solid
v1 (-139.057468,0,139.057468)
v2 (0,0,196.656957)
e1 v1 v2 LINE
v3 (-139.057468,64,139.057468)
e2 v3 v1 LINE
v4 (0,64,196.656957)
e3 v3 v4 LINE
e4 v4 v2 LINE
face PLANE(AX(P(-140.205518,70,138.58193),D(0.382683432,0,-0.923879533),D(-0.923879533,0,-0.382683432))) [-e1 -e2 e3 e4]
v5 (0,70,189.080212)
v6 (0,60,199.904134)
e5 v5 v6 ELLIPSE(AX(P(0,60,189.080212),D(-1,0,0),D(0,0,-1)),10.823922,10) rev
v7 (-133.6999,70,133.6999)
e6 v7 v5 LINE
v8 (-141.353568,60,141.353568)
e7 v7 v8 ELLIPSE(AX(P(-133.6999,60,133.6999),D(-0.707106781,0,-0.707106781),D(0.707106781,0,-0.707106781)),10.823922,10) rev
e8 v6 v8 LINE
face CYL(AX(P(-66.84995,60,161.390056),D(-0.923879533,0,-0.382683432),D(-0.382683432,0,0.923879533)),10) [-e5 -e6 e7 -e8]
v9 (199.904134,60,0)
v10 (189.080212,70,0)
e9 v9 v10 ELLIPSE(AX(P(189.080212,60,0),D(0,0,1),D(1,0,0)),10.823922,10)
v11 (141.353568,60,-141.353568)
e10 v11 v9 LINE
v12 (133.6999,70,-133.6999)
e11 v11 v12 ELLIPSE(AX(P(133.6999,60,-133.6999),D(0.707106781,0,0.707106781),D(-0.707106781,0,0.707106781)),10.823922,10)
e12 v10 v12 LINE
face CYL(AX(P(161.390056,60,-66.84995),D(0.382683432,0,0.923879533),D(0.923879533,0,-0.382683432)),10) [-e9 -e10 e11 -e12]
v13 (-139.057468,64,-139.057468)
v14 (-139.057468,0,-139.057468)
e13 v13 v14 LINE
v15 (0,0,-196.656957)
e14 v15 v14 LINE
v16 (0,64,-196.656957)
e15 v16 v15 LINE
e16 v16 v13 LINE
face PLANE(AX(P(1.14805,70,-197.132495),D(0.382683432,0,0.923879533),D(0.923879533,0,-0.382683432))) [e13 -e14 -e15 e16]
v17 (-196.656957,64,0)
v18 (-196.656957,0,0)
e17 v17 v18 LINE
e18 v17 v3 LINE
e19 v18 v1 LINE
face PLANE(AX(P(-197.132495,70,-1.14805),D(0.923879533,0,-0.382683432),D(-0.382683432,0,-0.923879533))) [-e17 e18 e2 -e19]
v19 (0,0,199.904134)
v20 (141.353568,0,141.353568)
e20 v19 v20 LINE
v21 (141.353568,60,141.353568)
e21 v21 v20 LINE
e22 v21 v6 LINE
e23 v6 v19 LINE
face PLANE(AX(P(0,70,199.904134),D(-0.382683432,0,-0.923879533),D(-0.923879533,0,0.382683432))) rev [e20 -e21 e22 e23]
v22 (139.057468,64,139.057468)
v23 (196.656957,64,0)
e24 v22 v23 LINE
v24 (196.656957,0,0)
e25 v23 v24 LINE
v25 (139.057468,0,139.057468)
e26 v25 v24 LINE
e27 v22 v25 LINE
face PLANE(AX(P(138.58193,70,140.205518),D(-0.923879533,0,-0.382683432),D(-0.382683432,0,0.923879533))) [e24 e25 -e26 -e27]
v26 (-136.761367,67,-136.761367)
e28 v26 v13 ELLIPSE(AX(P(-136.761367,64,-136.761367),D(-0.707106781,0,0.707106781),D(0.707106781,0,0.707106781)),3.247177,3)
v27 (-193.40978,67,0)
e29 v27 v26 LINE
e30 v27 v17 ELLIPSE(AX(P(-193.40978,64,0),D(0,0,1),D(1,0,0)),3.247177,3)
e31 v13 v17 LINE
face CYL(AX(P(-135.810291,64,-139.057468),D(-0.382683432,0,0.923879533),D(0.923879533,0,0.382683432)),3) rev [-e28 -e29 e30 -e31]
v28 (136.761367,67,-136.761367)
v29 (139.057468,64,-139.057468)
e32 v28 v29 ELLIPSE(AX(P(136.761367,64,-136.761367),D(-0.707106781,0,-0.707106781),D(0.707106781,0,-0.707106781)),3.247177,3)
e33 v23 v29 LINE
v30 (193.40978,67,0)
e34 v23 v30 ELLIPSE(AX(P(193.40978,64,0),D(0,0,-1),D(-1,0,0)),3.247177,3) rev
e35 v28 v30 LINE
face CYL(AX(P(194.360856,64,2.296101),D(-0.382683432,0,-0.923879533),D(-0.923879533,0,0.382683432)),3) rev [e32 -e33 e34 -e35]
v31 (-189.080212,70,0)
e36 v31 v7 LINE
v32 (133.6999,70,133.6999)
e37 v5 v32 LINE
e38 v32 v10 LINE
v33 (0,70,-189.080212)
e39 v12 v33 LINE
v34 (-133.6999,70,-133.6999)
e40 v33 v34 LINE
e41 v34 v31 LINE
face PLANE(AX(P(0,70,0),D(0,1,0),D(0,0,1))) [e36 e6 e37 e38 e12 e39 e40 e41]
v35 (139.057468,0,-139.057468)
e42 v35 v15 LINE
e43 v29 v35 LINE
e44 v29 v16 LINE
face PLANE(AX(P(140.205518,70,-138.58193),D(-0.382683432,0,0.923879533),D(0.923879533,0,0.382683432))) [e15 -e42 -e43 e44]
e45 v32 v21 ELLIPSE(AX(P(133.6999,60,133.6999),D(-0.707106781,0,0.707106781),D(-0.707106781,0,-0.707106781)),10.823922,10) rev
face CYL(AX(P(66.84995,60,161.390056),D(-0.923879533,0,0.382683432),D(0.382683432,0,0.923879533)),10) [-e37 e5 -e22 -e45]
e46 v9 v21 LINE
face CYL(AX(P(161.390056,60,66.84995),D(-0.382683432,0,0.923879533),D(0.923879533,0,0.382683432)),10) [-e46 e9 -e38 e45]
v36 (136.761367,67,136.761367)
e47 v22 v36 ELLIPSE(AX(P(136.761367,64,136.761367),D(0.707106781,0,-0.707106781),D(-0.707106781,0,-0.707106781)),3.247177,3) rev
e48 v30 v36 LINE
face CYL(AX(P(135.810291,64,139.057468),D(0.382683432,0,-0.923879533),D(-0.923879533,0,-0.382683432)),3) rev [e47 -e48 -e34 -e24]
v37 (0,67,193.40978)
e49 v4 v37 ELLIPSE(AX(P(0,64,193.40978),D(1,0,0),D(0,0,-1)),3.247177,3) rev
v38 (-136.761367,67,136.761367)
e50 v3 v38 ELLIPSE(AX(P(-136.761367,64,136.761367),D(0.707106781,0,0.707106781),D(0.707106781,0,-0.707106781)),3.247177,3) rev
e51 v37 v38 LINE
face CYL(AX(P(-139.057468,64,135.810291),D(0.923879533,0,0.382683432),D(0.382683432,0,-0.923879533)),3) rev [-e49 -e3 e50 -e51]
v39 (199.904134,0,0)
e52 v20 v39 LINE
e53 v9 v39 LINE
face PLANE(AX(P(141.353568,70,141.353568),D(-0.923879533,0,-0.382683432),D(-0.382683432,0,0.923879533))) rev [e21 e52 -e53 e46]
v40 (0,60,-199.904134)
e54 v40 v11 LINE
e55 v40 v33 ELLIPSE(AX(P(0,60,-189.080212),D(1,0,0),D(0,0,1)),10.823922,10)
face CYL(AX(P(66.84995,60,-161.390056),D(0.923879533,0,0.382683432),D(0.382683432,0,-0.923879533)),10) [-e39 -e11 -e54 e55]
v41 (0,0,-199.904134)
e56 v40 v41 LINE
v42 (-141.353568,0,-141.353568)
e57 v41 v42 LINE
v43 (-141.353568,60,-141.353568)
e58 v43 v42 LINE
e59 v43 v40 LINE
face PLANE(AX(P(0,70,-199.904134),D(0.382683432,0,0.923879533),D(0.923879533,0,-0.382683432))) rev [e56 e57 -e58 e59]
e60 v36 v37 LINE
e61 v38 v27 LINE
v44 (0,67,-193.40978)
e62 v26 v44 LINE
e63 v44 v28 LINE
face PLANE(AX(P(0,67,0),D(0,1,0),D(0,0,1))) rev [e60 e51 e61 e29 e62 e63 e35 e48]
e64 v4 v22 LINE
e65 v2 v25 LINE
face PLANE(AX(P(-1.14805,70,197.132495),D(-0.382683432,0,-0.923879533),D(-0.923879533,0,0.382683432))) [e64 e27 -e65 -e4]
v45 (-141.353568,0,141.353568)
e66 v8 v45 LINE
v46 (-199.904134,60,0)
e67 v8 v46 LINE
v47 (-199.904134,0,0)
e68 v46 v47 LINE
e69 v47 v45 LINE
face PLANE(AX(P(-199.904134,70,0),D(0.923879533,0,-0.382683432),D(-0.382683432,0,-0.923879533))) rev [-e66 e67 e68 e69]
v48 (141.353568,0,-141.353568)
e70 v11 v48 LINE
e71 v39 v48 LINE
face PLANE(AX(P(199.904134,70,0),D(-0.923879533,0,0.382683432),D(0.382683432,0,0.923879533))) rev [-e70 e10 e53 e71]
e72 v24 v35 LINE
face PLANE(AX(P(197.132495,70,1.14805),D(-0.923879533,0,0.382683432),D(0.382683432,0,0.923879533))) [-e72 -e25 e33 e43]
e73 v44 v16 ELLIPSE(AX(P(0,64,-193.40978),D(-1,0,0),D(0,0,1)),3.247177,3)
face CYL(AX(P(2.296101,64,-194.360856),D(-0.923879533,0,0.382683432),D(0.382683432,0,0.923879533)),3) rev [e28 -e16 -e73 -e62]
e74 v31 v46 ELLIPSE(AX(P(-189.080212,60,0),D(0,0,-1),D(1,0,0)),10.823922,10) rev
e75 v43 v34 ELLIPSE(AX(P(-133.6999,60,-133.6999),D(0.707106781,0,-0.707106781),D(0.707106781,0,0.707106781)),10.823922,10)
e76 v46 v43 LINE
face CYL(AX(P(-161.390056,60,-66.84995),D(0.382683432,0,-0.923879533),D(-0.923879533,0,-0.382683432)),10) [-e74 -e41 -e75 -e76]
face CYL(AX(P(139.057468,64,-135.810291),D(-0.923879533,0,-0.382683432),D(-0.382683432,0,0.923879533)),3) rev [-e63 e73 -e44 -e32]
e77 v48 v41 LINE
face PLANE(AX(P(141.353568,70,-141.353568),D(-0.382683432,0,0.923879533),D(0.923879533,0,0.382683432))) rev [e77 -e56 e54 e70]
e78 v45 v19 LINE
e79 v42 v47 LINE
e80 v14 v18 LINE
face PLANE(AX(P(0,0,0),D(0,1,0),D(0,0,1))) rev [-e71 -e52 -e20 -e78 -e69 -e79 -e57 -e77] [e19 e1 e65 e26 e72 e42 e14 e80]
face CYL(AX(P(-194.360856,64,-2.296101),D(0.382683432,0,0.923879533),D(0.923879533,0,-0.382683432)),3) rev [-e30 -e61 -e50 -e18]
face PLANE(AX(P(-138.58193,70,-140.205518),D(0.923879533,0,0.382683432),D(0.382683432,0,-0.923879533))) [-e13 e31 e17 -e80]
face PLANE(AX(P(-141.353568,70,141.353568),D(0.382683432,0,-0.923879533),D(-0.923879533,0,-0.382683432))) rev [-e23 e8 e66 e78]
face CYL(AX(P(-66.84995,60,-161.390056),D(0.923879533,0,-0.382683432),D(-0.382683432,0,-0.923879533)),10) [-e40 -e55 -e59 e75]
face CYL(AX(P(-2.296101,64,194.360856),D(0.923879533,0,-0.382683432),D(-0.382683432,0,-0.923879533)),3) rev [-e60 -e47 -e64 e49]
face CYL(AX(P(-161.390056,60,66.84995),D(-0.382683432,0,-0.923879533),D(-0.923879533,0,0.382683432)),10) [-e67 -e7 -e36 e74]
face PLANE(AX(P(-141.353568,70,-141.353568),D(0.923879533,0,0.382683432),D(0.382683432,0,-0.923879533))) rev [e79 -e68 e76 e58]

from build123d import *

# Parameters (mm, degrees)
BOSS_EXTRUDE1_DEPTH = 70
SHELL1_T            = -3
FILLET1_R           = 10
FILLET2_R           = 3


with BuildPart() as part:
    # Sketch3 → Boss-Extrude1 (new body)
    with BuildSketch(Plane(origin=(0, 0, 0), x_dir=(1, 0, 0), z_dir=(0, 1, 0))):
        Polygon((0, 199.904133626), (-141.353568474, 141.353568474), (-199.904133626, 0), (-141.353568474, -141.353568474), (0, -199.904133626), (141.353568474, -141.353568474), (199.904133626, 0), (141.353568474, 141.353568474), align=None)
    extrude(amount=BOSS_EXTRUDE1_DEPTH)

    # Shell1
    shell1_openings = [part.faces().sort_by_distance(p)[0] for p in [
        (0, 0, 0),
    ]]
    offset(amount=SHELL1_T, openings=shell1_openings, kind=Kind.INTERSECTION)

    # Fillet1
    fillet1_edges = [part.edges().sort_by_distance(p)[0] for p in [
        (170.62885105, 70, -70.676784237),
        (70.676784237, 70, -170.62885105),
        (-70.676784237, 70, -170.62885105),
        (-170.62885105, 70, -70.676784237),
        (-170.62885105, 70, 70.676784237),
        (-70.676784237, 70, 170.62885105),
        (70.676784237, 70, 170.62885105),
        (170.62885105, 70, 70.676784237),
    ]]
    fillet(fillet1_edges, radius=FILLET1_R)

    # Fillet2
    fillet2_edges = [part.edges().sort_by_distance(p)[0] for p in [
        (69.52873394, 67, 167.857212453),
        (167.857212453, 67, 69.52873394),
        (167.857212453, 67, -69.52873394),
        (69.52873394, 67, -167.857212453),
        (-69.52873394, 67, -167.857212453),
        (-167.857212453, 67, -69.52873394),
        (-167.857212453, 67, 69.52873394),
        (-69.52873394, 67, 167.857212453),
    ]]
    fillet(fillet2_edges, radius=FILLET2_R)


solid = part.part
